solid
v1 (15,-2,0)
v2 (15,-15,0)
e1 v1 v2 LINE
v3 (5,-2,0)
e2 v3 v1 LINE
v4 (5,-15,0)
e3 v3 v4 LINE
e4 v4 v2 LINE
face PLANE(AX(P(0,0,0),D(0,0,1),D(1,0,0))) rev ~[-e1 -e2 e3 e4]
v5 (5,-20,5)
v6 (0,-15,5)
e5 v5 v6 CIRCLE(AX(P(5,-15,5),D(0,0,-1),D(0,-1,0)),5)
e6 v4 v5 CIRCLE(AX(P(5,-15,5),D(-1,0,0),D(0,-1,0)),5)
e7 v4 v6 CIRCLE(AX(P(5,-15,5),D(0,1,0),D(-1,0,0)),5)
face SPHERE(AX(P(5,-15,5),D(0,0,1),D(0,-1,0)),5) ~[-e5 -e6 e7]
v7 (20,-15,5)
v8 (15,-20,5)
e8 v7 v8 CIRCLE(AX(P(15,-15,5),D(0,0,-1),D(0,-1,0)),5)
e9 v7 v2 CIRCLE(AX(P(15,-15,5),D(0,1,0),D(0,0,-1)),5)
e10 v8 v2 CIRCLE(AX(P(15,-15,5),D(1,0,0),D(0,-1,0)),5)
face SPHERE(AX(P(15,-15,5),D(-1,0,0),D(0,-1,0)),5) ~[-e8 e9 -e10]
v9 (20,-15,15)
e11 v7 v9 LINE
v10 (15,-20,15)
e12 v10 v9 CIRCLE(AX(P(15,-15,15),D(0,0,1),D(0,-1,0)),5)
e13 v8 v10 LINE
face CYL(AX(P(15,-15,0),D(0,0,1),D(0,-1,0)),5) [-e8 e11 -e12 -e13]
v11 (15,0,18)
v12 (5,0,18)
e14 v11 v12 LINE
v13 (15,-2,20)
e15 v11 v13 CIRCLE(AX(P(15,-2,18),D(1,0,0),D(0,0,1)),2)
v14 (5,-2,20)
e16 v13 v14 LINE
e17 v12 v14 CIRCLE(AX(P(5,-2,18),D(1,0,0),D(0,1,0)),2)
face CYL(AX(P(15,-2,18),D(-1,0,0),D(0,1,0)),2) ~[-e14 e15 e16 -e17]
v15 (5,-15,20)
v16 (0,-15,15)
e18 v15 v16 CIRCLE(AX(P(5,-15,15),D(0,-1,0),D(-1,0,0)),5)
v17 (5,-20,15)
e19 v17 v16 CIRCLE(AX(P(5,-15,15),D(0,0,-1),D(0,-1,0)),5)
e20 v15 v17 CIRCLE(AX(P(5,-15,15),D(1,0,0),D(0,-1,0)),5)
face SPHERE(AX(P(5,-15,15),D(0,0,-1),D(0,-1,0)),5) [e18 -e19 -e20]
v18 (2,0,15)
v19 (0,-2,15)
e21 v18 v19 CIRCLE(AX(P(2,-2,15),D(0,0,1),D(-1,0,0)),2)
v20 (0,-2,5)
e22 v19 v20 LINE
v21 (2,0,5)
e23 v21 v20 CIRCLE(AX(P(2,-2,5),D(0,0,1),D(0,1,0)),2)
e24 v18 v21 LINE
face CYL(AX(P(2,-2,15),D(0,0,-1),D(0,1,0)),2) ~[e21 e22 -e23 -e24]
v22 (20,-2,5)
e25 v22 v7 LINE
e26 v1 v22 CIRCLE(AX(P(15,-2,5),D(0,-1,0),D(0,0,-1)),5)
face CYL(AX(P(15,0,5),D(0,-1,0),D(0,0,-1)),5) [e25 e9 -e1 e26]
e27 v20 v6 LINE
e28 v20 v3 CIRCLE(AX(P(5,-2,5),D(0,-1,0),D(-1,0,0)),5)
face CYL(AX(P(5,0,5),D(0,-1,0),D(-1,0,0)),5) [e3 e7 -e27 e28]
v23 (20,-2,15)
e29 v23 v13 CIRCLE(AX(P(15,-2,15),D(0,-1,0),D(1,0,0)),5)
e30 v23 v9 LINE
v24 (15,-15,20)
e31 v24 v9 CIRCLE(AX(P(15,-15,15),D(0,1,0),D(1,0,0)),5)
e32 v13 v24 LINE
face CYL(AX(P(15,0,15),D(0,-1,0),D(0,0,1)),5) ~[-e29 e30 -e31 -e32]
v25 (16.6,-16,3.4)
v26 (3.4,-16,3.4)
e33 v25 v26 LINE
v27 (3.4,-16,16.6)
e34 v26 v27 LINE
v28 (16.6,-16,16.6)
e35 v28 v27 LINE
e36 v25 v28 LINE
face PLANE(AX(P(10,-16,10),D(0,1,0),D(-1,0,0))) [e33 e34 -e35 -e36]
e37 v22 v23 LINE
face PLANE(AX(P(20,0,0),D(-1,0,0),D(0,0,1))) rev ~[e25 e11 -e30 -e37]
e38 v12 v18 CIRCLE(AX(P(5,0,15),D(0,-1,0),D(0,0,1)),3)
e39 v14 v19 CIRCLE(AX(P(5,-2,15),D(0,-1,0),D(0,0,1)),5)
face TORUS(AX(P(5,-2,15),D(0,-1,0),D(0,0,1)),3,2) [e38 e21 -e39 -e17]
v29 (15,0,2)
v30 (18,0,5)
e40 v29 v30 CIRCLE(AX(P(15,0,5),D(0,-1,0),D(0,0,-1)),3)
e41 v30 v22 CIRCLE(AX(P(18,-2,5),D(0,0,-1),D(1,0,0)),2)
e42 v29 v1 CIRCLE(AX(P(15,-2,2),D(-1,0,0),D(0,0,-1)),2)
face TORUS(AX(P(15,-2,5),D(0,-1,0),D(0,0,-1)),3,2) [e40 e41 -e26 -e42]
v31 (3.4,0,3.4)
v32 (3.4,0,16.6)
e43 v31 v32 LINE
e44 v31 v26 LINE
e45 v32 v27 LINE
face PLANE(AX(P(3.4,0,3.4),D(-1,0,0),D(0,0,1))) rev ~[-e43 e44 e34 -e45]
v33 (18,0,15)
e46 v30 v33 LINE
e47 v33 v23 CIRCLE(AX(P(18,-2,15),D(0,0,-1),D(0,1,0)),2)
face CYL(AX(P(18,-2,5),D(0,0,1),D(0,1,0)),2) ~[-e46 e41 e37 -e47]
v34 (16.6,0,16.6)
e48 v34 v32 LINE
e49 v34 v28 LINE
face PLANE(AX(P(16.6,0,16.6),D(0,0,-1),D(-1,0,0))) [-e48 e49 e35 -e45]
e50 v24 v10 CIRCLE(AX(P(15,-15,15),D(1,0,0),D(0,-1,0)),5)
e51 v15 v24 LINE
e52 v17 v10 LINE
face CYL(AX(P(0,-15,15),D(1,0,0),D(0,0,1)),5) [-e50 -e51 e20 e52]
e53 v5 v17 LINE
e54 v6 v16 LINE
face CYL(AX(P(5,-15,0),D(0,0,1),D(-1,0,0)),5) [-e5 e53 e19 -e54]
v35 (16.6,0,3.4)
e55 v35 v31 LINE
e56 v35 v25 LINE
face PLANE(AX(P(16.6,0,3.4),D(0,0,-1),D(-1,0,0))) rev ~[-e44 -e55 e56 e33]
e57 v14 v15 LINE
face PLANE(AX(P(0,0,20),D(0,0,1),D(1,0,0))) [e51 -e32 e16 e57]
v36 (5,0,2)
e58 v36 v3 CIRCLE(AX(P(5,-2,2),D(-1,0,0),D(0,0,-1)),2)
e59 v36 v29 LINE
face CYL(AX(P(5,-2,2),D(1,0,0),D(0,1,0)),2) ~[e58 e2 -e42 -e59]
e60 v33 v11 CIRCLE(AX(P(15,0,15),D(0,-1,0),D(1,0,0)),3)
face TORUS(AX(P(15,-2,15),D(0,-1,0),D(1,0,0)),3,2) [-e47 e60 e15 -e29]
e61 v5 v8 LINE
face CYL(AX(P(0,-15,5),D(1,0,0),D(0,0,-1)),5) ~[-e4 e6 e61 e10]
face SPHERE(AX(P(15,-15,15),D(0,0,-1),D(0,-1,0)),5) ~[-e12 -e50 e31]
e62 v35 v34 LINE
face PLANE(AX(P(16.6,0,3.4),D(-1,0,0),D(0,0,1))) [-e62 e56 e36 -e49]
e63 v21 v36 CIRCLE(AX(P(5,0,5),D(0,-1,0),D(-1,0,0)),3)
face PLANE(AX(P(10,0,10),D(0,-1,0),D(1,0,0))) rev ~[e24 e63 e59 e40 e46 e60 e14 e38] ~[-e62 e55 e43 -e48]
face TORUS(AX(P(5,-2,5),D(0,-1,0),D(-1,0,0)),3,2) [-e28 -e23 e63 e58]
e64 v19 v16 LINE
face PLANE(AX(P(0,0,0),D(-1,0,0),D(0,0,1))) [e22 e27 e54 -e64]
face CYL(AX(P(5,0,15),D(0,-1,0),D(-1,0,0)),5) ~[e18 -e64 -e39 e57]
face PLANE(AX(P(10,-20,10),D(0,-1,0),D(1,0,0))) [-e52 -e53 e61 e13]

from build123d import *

# Parameters (mm, degrees)
F0_W     = 20
F0_H     = 20
F1_DEPTH = 20
F2_W     = 13.2
F2_H     = 13.2
F3_DEPTH = 16
F4_R     = 5
F5_R     = 2


with BuildPart() as f1:
    # F0 (on Front) → F1 (new body)
    with BuildSketch(Plane.XZ):
        with Locations((10, 10)):
            Rectangle(F0_W, F0_H)
    extrude(amount=F1_DEPTH)

    # F2 (on face) → F3 (cut)
    with BuildSketch(Plane(origin=(0, 0, 0), x_dir=(-1, 0, 0), z_dir=(0, 1, 0))):
        with Locations((-10, 10)):
            Rectangle(F2_W, F2_H)
    extrude(amount=-F3_DEPTH, mode=Mode.SUBTRACT)

    # F4
    f4_edges = [f1.edges().sort_by_distance(p)[0] for p in [
        (0, -20, 10),
        (10, -20, 0),
        (20, -20, 10),
        (10, -20, 20),
        (20, -10, 20),
        (0, -10, 20),
        (20, -10, 0),
        (0, -10, 0),
    ]]
    fillet(f4_edges, radius=F4_R)

    # F5
    f5_edges = [f1.edges().sort_by_distance(p)[0] for p in [
        (18.535534, 0, 1.464466),
        (20, 0, 10),
        (18.535534, 0, 18.535534),
        (10, 0, 20),
        (1.464466, 0, 18.535534),
        (0, 0, 10),
        (1.464466, 0, 1.464466),
        (10, 0, 0),
    ]]
    fillet(f5_edges, radius=F5_R)


solid = f1.part
